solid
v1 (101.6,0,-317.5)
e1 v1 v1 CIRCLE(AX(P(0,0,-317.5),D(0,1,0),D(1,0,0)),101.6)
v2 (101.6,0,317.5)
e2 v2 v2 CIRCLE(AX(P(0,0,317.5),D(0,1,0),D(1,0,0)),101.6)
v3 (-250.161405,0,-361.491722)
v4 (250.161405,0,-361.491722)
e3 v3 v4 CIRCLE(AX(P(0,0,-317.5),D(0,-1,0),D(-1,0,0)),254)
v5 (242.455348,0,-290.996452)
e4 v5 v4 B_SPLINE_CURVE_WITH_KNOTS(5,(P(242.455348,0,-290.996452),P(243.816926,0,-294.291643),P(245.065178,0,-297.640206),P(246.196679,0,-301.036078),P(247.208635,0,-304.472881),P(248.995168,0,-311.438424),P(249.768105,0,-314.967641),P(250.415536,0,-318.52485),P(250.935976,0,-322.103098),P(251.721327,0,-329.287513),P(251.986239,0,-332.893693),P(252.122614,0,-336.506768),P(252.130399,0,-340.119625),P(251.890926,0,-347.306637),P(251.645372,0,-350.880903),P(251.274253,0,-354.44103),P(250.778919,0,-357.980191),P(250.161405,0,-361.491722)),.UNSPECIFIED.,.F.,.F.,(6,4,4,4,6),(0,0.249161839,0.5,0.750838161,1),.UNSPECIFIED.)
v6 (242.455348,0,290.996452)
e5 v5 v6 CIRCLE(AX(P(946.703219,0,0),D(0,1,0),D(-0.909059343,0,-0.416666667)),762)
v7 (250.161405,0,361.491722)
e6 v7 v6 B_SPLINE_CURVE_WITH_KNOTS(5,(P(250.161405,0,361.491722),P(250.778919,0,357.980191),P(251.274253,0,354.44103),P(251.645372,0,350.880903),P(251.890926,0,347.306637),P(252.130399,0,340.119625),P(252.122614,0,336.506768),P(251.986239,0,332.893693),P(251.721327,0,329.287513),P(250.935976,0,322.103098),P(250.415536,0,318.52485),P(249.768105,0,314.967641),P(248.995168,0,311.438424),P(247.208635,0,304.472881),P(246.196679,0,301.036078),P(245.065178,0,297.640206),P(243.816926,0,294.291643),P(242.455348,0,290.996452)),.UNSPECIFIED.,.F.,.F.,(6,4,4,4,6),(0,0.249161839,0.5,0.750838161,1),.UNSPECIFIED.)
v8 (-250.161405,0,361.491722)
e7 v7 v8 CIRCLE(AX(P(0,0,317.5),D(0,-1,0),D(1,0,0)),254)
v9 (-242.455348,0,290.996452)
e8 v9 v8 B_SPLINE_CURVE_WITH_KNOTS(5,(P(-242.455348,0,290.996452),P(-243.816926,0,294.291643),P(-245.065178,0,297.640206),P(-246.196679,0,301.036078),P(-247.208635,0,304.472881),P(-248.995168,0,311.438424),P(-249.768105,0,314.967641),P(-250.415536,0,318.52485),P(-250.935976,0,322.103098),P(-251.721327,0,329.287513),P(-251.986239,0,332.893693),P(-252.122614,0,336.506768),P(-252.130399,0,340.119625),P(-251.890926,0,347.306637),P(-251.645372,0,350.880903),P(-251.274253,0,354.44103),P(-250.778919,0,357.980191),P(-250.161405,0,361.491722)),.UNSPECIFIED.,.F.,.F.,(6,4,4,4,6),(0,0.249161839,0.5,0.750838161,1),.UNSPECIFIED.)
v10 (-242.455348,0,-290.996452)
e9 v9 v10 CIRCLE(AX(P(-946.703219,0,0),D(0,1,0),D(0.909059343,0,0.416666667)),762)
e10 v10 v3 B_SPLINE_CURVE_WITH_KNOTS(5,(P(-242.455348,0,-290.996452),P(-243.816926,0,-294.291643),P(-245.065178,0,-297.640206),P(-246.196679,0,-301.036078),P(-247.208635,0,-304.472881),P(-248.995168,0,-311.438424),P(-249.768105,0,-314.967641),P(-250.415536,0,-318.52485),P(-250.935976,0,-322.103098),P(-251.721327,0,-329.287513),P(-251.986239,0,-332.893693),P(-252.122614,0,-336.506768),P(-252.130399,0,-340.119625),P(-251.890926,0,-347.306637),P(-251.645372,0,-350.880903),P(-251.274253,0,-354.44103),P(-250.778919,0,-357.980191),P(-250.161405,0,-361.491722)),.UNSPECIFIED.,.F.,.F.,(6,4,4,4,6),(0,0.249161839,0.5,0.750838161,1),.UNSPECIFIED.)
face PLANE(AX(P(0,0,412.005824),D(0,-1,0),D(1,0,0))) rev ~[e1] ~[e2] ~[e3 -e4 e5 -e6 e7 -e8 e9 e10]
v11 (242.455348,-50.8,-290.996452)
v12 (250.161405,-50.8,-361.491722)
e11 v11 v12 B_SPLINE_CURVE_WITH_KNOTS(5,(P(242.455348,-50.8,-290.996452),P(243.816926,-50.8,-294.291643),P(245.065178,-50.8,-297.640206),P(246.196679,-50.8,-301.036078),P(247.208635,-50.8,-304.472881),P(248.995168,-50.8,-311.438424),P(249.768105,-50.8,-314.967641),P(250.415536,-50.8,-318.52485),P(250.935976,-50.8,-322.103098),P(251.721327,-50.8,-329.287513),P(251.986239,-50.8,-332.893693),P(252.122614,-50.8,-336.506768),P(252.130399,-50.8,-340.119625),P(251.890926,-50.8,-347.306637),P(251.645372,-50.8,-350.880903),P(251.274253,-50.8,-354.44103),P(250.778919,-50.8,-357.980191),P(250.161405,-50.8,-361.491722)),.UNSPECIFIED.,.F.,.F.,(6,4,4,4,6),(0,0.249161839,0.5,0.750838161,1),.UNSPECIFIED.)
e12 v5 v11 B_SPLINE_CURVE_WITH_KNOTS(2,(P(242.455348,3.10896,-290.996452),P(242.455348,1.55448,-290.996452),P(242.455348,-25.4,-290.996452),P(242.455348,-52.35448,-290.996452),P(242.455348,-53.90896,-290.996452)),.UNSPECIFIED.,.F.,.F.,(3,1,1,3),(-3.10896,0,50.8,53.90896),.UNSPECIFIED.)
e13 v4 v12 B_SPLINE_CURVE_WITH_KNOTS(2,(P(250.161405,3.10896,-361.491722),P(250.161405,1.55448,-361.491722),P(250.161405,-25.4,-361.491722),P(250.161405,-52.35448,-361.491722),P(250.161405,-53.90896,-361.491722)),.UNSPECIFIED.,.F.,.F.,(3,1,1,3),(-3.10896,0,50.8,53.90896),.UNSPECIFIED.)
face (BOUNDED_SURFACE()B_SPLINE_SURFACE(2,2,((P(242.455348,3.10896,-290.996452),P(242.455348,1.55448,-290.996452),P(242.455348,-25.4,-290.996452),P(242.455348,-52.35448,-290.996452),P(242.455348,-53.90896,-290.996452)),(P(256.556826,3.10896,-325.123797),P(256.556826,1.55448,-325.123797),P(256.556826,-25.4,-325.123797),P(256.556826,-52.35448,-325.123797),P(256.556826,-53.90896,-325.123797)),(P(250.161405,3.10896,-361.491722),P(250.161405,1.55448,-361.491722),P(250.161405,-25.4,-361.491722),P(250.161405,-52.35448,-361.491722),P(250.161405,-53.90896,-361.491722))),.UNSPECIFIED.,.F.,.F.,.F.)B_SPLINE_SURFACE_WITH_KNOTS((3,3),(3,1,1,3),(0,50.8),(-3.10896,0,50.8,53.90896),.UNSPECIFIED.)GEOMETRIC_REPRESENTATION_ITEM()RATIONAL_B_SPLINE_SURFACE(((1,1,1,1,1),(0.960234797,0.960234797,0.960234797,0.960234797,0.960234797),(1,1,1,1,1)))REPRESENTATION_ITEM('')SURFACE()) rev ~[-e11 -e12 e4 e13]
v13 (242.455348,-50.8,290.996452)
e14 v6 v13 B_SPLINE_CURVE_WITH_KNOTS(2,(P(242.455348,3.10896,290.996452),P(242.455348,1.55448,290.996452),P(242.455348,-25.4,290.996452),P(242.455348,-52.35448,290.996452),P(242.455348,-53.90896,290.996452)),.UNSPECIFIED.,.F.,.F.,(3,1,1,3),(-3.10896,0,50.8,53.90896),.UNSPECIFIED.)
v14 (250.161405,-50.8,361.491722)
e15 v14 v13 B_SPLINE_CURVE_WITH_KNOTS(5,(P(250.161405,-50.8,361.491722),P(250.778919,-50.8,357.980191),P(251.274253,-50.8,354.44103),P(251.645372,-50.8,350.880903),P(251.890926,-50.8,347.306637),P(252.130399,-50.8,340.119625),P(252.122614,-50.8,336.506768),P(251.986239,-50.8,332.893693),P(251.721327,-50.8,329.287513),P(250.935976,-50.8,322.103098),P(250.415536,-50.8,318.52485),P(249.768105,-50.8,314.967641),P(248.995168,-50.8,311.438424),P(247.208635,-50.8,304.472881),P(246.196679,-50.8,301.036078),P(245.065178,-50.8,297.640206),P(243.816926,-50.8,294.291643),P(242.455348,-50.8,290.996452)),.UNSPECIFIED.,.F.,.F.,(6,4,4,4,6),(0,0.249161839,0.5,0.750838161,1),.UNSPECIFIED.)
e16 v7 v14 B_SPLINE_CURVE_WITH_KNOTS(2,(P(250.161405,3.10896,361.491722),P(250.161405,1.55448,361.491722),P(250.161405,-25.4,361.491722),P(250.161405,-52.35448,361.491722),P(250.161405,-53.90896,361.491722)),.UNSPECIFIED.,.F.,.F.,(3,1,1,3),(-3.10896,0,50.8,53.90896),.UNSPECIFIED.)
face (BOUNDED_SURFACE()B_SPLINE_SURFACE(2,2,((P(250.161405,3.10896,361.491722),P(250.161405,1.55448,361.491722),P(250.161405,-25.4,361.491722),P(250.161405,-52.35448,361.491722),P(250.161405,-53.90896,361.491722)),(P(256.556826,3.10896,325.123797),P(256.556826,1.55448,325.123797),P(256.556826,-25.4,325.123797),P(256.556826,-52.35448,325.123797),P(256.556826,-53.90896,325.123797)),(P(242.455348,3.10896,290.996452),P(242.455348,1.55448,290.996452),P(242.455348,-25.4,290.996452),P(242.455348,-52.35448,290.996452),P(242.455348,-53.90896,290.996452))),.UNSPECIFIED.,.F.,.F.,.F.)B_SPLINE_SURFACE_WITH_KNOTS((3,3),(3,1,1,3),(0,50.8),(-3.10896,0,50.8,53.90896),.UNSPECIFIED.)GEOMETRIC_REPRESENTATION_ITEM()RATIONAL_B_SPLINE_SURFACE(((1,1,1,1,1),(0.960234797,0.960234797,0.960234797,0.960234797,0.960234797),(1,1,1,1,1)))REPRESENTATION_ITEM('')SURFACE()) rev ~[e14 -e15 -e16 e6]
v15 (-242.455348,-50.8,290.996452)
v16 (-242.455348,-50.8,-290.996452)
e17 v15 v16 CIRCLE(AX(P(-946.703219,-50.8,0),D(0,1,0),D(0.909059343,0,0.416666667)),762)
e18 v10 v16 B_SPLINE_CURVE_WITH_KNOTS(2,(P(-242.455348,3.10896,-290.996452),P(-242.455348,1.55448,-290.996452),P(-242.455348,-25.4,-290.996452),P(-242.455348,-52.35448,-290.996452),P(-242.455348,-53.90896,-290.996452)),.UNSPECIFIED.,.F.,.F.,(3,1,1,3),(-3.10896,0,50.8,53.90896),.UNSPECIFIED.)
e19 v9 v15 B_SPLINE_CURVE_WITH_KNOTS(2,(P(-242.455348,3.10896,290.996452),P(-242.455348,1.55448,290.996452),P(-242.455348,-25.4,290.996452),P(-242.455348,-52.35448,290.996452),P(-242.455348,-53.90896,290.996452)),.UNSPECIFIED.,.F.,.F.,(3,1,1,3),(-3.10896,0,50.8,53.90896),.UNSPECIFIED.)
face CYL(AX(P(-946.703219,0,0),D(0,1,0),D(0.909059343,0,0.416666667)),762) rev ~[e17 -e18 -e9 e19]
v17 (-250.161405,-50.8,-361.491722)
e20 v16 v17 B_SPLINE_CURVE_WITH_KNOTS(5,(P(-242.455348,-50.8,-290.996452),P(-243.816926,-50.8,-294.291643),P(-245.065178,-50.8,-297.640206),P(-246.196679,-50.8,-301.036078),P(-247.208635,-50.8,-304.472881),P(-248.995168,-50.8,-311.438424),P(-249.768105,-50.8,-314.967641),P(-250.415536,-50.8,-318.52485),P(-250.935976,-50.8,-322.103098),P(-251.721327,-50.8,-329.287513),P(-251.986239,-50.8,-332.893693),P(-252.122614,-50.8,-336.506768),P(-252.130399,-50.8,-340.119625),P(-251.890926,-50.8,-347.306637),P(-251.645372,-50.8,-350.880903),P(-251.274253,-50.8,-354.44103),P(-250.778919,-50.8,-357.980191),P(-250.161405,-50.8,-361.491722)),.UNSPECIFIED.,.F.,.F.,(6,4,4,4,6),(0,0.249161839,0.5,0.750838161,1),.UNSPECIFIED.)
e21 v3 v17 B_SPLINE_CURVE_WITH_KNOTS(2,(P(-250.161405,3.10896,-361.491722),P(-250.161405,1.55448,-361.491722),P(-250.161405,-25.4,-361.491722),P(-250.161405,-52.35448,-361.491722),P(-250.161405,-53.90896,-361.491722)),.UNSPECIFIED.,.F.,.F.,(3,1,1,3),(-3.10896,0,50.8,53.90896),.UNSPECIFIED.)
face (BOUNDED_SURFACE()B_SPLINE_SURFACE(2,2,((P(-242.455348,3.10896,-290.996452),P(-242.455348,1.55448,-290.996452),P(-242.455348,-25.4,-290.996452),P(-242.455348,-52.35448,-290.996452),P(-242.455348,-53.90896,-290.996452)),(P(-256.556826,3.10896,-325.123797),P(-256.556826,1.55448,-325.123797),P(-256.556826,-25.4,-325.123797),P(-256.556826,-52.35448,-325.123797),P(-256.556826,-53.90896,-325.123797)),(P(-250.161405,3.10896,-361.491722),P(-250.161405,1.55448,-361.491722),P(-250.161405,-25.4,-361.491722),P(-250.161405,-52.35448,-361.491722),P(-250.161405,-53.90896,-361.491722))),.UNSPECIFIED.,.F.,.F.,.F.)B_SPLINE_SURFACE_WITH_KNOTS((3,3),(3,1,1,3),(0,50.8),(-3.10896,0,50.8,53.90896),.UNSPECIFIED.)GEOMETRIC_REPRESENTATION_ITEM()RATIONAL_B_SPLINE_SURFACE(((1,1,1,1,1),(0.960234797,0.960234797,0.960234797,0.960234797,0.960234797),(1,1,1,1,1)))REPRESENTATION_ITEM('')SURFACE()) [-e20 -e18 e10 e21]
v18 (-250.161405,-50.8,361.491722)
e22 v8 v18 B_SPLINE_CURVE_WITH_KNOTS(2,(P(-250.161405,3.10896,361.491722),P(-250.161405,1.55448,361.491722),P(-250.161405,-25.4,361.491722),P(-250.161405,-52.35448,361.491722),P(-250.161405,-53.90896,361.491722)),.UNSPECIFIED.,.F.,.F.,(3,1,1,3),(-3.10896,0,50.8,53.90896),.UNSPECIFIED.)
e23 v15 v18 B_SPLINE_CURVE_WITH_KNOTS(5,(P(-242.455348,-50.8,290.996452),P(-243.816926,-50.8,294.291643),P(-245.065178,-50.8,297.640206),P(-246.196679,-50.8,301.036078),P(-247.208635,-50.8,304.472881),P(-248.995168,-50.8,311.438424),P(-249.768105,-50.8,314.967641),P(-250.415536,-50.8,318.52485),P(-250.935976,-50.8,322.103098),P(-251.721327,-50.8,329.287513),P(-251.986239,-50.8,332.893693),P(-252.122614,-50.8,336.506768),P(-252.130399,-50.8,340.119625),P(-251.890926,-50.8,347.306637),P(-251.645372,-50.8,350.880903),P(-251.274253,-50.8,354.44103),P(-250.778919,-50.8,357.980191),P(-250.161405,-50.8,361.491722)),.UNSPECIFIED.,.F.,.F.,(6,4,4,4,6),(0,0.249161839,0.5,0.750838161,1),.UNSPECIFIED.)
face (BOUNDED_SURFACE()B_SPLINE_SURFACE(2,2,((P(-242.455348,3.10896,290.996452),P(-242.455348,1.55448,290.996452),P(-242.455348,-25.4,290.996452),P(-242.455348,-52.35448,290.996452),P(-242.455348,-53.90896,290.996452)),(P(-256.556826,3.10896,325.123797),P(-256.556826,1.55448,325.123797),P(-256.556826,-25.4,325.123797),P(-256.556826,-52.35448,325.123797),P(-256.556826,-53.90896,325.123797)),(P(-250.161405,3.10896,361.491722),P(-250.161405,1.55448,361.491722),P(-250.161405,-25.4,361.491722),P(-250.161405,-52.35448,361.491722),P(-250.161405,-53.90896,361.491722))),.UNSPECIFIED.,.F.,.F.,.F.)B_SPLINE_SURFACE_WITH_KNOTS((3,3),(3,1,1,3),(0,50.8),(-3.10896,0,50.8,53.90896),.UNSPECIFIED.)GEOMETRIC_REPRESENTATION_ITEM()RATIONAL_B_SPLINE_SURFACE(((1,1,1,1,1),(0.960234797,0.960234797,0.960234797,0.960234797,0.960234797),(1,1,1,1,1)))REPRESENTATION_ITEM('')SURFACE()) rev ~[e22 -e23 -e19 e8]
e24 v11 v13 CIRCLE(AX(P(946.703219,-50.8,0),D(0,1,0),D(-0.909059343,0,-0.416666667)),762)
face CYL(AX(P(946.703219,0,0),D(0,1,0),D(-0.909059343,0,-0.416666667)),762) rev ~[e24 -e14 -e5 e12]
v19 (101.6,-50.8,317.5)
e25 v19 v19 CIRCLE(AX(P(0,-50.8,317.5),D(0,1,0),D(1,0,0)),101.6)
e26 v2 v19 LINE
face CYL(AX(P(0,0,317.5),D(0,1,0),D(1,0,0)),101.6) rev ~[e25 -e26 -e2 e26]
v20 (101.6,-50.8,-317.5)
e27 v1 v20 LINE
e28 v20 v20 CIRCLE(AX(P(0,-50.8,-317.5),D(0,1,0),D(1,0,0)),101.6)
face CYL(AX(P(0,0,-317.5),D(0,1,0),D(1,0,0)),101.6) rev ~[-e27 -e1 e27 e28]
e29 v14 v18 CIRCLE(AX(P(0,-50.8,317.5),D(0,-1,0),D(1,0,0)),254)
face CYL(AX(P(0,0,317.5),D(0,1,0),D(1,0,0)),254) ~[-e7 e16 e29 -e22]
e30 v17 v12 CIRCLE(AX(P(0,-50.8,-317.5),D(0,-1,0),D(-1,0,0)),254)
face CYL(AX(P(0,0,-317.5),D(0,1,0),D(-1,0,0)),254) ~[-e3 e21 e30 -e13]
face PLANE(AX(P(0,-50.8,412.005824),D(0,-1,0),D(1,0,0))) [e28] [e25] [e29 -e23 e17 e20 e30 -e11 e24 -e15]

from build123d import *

# Parameters (mm, degrees)
F1_DEPTH = 50.8
F2_R     = 127
F3_R     = 127
F4_R     = 127
F5_R     = 127


with BuildPart() as f1:
    # F0 (on Front) → F1 (new body)
    with BuildSketch(Plane.XZ):
        with BuildLine():
            Line((101.6, 317.5), (254, 317.5))
            ThreePointArc((254, 317.5), (0, 571.5), (-254, 317.5))
            Line((-254, 317.5), (-101.6, 317.5))
            ThreePointArc((-101.6, 317.5), (0, 419.1), (101.6, 317.5))
        make_face()
        with BuildLine():
            ThreePointArc((254, -317.5), (184.7032192794, 0), (254, 317.5))
            Line((254, 317.5), (101.6, 317.5))
            ThreePointArc((101.6, 317.5), (0, 215.9), (-101.6, 317.5))
            Line((-101.6, 317.5), (-254, 317.5))
            ThreePointArc((-254, 317.5), (-184.7032192794, 0), (-254, -317.5))
            Line((-254, -317.5), (-101.6, -317.5))
            ThreePointArc((-101.6, -317.5), (0, -215.9), (101.6, -317.5))
            Line((101.6, -317.5), (254, -317.5))
        make_face()
        with BuildLine():
            ThreePointArc((-254, -317.5), (0, -571.5), (254, -317.5))
            Line((254, -317.5), (101.6, -317.5))
            ThreePointArc((101.6, -317.5), (0, -419.1), (-101.6, -317.5))
            Line((-101.6, -317.5), (-254, -317.5))
        make_face()
    extrude(amount=F1_DEPTH)

    # F2
    f2_edges = [f1.edges().sort_by_distance(p)[0] for p in [
        (-254, -25.4, -317.5),
    ]]
    fillet(f2_edges, radius=F2_R)

    # F3
    f3_edges = [f1.edges().sort_by_distance(p)[0] for p in [
        (-254, -25.4, 317.5),
    ]]
    fillet(f3_edges, radius=F3_R)

    # F4
    f4_edges = [f1.edges().sort_by_distance(p)[0] for p in [
        (254, -25.4, 317.5),
    ]]
    fillet(f4_edges, radius=F4_R)

    # F5
    f5_edges = [f1.edges().sort_by_distance(p)[0] for p in [
        (254, -25.4, -317.5),
    ]]
    fillet(f5_edges, radius=F5_R)


solid = f1.part
